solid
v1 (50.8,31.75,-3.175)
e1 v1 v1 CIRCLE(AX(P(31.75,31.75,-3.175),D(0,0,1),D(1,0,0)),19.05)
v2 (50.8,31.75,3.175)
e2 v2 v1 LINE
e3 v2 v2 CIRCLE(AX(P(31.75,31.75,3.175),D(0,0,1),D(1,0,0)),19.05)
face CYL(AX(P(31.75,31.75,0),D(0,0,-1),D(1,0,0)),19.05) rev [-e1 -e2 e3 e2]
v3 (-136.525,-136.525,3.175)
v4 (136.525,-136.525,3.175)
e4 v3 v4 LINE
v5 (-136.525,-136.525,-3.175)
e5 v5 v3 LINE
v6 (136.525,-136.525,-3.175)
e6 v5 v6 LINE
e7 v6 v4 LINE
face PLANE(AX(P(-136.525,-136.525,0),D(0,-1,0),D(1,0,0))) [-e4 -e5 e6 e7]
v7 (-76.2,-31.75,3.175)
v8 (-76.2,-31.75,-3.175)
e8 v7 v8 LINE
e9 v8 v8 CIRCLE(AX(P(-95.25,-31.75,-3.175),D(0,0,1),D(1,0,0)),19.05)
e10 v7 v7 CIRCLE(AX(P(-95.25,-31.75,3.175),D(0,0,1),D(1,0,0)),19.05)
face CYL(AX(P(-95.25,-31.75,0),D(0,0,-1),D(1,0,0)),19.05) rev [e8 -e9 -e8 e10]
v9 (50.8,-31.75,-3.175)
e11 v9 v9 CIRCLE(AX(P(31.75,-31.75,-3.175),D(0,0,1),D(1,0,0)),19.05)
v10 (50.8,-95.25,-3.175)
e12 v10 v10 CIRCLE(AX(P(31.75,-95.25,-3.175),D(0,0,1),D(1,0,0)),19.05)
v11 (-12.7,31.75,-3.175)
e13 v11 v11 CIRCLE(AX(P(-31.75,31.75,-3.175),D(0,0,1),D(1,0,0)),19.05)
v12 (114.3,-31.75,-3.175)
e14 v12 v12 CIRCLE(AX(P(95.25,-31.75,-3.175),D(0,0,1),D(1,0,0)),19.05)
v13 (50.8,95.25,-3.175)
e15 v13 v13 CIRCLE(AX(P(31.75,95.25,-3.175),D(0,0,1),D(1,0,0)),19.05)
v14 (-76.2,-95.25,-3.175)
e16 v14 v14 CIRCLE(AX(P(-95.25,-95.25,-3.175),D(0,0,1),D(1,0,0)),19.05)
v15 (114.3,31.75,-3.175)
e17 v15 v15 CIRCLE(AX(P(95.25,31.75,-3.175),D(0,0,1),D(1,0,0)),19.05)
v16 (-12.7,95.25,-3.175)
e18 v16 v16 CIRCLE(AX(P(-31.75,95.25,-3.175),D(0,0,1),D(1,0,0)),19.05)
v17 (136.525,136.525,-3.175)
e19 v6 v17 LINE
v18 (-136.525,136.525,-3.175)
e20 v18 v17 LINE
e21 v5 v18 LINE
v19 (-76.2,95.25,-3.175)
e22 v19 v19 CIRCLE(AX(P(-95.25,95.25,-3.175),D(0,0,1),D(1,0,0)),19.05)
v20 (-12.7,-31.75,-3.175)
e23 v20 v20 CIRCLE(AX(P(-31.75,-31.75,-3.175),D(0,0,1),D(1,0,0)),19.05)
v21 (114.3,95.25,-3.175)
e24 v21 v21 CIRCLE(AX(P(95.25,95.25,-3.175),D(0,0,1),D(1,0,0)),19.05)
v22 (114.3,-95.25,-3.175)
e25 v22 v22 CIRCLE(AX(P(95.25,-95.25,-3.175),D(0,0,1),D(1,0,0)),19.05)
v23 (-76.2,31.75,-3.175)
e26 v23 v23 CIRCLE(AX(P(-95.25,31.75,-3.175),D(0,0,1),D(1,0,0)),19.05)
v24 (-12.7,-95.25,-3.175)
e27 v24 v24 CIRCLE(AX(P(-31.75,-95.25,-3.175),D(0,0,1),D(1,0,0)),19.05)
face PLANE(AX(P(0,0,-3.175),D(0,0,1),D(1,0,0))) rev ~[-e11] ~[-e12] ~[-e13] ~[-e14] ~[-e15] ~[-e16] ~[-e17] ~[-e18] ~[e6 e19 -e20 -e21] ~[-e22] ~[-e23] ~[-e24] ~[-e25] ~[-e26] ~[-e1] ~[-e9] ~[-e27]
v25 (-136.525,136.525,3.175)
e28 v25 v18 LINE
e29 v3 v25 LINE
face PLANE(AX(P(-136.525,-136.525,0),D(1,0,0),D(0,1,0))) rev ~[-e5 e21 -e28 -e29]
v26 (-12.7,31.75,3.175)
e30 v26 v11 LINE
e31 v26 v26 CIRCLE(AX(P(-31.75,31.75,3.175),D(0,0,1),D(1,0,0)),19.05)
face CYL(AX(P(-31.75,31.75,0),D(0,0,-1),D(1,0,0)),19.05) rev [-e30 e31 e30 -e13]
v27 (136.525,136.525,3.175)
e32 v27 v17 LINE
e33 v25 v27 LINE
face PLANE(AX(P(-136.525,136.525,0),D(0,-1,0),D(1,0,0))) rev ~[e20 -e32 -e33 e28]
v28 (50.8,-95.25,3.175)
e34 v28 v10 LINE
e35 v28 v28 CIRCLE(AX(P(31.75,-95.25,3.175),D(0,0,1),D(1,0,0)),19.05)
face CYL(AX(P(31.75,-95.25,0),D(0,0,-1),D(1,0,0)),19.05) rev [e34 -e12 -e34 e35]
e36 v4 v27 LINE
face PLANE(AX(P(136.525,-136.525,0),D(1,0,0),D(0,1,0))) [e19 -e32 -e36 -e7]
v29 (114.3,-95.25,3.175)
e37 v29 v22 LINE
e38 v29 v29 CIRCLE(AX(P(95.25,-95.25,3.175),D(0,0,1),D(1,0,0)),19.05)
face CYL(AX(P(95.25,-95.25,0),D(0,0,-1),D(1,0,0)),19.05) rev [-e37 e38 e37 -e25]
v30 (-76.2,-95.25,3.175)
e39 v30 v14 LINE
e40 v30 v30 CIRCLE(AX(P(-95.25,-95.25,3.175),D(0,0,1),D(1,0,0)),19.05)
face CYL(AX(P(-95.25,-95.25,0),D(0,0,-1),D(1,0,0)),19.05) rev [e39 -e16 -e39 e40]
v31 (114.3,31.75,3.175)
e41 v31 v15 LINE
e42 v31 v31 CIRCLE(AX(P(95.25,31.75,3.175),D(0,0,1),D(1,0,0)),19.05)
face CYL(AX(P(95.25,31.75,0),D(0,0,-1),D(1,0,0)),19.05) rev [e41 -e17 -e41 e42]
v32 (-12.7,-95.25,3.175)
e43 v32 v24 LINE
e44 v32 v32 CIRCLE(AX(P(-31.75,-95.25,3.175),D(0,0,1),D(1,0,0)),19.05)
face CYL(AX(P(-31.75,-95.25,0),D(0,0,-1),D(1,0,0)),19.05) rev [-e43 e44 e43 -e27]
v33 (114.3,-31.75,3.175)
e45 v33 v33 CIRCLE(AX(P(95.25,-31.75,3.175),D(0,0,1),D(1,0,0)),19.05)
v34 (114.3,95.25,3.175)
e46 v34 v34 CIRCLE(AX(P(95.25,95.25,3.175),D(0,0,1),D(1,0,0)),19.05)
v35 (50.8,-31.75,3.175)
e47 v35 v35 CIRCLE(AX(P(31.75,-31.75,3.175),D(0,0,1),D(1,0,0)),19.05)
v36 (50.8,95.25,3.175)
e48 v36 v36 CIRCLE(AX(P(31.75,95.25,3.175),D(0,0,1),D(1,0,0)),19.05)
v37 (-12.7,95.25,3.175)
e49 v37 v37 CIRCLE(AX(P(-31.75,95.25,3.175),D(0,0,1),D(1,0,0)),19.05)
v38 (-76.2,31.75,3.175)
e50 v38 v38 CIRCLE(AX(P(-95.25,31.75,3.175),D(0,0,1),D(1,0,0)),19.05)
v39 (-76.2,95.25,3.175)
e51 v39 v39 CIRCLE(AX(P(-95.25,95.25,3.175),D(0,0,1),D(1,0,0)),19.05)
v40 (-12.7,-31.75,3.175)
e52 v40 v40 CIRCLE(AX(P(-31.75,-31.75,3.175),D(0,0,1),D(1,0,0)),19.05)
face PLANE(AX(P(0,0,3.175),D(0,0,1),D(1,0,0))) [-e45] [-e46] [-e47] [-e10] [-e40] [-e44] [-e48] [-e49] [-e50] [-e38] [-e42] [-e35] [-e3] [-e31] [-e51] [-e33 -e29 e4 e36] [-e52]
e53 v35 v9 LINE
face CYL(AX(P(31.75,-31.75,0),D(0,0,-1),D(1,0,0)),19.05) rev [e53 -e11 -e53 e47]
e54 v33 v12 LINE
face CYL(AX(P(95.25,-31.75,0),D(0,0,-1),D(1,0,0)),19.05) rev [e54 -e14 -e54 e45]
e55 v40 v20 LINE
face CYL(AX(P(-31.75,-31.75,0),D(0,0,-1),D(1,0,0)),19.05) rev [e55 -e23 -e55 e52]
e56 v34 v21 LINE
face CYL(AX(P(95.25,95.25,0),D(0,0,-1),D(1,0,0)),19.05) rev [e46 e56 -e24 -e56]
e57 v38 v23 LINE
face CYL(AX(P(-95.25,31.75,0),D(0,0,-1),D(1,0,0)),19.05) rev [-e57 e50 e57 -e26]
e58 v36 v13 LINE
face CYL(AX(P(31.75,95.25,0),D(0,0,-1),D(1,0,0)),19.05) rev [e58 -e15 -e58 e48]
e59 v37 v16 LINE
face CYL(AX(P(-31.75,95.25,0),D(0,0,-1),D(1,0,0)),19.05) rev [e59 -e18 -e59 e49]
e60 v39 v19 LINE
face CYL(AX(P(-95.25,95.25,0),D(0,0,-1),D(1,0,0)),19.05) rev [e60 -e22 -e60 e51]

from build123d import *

# Parameters (mm, degrees)
F0_W     = 273.05
F0_H     = 273.05
F0_R     = 19.05
F1_DEPTH = 3.175


with BuildPart() as f1:
    # F0 (on Top) → F1 (new body, symmetric)
    with BuildSketch(Plane.XY):
        Rectangle(F0_W, F0_H)
        with Locations((-95.25, -95.25)):
            Circle(F0_R, mode=Mode.SUBTRACT)
        with Locations((-31.75, -95.25)):
            Circle(F0_R, mode=Mode.SUBTRACT)
        with Locations((-95.25, -31.75)):
            Circle(F0_R, mode=Mode.SUBTRACT)
        with Locations((-31.75, -31.75)):
            Circle(F0_R, mode=Mode.SUBTRACT)
        with Locations((31.75, -95.25)):
            Circle(F0_R, mode=Mode.SUBTRACT)
        with Locations((95.25, -95.25)):
            Circle(F0_R, mode=Mode.SUBTRACT)
        with Locations((31.75, -31.75)):
            Circle(F0_R, mode=Mode.SUBTRACT)
        with Locations((95.25, -31.75)):
            Circle(F0_R, mode=Mode.SUBTRACT)
        with Locations((-95.25, 31.75)):
            Circle(F0_R, mode=Mode.SUBTRACT)
        with Locations((-31.75, 31.75)):
            Circle(F0_R, mode=Mode.SUBTRACT)
        with Locations((-95.25, 95.25)):
            Circle(F0_R, mode=Mode.SUBTRACT)
        with Locations((-31.75, 95.25)):
            Circle(F0_R, mode=Mode.SUBTRACT)
        with Locations((31.75, 31.75)):
            Circle(F0_R, mode=Mode.SUBTRACT)
        with Locations((95.25, 31.75)):
            Circle(F0_R, mode=Mode.SUBTRACT)
        with Locations((31.75, 95.25)):
            Circle(F0_R, mode=Mode.SUBTRACT)
        with Locations((95.25, 95.25)):
            Circle(F0_R, mode=Mode.SUBTRACT)
    extrude(amount=F1_DEPTH, both=True)


solid = f1.part
